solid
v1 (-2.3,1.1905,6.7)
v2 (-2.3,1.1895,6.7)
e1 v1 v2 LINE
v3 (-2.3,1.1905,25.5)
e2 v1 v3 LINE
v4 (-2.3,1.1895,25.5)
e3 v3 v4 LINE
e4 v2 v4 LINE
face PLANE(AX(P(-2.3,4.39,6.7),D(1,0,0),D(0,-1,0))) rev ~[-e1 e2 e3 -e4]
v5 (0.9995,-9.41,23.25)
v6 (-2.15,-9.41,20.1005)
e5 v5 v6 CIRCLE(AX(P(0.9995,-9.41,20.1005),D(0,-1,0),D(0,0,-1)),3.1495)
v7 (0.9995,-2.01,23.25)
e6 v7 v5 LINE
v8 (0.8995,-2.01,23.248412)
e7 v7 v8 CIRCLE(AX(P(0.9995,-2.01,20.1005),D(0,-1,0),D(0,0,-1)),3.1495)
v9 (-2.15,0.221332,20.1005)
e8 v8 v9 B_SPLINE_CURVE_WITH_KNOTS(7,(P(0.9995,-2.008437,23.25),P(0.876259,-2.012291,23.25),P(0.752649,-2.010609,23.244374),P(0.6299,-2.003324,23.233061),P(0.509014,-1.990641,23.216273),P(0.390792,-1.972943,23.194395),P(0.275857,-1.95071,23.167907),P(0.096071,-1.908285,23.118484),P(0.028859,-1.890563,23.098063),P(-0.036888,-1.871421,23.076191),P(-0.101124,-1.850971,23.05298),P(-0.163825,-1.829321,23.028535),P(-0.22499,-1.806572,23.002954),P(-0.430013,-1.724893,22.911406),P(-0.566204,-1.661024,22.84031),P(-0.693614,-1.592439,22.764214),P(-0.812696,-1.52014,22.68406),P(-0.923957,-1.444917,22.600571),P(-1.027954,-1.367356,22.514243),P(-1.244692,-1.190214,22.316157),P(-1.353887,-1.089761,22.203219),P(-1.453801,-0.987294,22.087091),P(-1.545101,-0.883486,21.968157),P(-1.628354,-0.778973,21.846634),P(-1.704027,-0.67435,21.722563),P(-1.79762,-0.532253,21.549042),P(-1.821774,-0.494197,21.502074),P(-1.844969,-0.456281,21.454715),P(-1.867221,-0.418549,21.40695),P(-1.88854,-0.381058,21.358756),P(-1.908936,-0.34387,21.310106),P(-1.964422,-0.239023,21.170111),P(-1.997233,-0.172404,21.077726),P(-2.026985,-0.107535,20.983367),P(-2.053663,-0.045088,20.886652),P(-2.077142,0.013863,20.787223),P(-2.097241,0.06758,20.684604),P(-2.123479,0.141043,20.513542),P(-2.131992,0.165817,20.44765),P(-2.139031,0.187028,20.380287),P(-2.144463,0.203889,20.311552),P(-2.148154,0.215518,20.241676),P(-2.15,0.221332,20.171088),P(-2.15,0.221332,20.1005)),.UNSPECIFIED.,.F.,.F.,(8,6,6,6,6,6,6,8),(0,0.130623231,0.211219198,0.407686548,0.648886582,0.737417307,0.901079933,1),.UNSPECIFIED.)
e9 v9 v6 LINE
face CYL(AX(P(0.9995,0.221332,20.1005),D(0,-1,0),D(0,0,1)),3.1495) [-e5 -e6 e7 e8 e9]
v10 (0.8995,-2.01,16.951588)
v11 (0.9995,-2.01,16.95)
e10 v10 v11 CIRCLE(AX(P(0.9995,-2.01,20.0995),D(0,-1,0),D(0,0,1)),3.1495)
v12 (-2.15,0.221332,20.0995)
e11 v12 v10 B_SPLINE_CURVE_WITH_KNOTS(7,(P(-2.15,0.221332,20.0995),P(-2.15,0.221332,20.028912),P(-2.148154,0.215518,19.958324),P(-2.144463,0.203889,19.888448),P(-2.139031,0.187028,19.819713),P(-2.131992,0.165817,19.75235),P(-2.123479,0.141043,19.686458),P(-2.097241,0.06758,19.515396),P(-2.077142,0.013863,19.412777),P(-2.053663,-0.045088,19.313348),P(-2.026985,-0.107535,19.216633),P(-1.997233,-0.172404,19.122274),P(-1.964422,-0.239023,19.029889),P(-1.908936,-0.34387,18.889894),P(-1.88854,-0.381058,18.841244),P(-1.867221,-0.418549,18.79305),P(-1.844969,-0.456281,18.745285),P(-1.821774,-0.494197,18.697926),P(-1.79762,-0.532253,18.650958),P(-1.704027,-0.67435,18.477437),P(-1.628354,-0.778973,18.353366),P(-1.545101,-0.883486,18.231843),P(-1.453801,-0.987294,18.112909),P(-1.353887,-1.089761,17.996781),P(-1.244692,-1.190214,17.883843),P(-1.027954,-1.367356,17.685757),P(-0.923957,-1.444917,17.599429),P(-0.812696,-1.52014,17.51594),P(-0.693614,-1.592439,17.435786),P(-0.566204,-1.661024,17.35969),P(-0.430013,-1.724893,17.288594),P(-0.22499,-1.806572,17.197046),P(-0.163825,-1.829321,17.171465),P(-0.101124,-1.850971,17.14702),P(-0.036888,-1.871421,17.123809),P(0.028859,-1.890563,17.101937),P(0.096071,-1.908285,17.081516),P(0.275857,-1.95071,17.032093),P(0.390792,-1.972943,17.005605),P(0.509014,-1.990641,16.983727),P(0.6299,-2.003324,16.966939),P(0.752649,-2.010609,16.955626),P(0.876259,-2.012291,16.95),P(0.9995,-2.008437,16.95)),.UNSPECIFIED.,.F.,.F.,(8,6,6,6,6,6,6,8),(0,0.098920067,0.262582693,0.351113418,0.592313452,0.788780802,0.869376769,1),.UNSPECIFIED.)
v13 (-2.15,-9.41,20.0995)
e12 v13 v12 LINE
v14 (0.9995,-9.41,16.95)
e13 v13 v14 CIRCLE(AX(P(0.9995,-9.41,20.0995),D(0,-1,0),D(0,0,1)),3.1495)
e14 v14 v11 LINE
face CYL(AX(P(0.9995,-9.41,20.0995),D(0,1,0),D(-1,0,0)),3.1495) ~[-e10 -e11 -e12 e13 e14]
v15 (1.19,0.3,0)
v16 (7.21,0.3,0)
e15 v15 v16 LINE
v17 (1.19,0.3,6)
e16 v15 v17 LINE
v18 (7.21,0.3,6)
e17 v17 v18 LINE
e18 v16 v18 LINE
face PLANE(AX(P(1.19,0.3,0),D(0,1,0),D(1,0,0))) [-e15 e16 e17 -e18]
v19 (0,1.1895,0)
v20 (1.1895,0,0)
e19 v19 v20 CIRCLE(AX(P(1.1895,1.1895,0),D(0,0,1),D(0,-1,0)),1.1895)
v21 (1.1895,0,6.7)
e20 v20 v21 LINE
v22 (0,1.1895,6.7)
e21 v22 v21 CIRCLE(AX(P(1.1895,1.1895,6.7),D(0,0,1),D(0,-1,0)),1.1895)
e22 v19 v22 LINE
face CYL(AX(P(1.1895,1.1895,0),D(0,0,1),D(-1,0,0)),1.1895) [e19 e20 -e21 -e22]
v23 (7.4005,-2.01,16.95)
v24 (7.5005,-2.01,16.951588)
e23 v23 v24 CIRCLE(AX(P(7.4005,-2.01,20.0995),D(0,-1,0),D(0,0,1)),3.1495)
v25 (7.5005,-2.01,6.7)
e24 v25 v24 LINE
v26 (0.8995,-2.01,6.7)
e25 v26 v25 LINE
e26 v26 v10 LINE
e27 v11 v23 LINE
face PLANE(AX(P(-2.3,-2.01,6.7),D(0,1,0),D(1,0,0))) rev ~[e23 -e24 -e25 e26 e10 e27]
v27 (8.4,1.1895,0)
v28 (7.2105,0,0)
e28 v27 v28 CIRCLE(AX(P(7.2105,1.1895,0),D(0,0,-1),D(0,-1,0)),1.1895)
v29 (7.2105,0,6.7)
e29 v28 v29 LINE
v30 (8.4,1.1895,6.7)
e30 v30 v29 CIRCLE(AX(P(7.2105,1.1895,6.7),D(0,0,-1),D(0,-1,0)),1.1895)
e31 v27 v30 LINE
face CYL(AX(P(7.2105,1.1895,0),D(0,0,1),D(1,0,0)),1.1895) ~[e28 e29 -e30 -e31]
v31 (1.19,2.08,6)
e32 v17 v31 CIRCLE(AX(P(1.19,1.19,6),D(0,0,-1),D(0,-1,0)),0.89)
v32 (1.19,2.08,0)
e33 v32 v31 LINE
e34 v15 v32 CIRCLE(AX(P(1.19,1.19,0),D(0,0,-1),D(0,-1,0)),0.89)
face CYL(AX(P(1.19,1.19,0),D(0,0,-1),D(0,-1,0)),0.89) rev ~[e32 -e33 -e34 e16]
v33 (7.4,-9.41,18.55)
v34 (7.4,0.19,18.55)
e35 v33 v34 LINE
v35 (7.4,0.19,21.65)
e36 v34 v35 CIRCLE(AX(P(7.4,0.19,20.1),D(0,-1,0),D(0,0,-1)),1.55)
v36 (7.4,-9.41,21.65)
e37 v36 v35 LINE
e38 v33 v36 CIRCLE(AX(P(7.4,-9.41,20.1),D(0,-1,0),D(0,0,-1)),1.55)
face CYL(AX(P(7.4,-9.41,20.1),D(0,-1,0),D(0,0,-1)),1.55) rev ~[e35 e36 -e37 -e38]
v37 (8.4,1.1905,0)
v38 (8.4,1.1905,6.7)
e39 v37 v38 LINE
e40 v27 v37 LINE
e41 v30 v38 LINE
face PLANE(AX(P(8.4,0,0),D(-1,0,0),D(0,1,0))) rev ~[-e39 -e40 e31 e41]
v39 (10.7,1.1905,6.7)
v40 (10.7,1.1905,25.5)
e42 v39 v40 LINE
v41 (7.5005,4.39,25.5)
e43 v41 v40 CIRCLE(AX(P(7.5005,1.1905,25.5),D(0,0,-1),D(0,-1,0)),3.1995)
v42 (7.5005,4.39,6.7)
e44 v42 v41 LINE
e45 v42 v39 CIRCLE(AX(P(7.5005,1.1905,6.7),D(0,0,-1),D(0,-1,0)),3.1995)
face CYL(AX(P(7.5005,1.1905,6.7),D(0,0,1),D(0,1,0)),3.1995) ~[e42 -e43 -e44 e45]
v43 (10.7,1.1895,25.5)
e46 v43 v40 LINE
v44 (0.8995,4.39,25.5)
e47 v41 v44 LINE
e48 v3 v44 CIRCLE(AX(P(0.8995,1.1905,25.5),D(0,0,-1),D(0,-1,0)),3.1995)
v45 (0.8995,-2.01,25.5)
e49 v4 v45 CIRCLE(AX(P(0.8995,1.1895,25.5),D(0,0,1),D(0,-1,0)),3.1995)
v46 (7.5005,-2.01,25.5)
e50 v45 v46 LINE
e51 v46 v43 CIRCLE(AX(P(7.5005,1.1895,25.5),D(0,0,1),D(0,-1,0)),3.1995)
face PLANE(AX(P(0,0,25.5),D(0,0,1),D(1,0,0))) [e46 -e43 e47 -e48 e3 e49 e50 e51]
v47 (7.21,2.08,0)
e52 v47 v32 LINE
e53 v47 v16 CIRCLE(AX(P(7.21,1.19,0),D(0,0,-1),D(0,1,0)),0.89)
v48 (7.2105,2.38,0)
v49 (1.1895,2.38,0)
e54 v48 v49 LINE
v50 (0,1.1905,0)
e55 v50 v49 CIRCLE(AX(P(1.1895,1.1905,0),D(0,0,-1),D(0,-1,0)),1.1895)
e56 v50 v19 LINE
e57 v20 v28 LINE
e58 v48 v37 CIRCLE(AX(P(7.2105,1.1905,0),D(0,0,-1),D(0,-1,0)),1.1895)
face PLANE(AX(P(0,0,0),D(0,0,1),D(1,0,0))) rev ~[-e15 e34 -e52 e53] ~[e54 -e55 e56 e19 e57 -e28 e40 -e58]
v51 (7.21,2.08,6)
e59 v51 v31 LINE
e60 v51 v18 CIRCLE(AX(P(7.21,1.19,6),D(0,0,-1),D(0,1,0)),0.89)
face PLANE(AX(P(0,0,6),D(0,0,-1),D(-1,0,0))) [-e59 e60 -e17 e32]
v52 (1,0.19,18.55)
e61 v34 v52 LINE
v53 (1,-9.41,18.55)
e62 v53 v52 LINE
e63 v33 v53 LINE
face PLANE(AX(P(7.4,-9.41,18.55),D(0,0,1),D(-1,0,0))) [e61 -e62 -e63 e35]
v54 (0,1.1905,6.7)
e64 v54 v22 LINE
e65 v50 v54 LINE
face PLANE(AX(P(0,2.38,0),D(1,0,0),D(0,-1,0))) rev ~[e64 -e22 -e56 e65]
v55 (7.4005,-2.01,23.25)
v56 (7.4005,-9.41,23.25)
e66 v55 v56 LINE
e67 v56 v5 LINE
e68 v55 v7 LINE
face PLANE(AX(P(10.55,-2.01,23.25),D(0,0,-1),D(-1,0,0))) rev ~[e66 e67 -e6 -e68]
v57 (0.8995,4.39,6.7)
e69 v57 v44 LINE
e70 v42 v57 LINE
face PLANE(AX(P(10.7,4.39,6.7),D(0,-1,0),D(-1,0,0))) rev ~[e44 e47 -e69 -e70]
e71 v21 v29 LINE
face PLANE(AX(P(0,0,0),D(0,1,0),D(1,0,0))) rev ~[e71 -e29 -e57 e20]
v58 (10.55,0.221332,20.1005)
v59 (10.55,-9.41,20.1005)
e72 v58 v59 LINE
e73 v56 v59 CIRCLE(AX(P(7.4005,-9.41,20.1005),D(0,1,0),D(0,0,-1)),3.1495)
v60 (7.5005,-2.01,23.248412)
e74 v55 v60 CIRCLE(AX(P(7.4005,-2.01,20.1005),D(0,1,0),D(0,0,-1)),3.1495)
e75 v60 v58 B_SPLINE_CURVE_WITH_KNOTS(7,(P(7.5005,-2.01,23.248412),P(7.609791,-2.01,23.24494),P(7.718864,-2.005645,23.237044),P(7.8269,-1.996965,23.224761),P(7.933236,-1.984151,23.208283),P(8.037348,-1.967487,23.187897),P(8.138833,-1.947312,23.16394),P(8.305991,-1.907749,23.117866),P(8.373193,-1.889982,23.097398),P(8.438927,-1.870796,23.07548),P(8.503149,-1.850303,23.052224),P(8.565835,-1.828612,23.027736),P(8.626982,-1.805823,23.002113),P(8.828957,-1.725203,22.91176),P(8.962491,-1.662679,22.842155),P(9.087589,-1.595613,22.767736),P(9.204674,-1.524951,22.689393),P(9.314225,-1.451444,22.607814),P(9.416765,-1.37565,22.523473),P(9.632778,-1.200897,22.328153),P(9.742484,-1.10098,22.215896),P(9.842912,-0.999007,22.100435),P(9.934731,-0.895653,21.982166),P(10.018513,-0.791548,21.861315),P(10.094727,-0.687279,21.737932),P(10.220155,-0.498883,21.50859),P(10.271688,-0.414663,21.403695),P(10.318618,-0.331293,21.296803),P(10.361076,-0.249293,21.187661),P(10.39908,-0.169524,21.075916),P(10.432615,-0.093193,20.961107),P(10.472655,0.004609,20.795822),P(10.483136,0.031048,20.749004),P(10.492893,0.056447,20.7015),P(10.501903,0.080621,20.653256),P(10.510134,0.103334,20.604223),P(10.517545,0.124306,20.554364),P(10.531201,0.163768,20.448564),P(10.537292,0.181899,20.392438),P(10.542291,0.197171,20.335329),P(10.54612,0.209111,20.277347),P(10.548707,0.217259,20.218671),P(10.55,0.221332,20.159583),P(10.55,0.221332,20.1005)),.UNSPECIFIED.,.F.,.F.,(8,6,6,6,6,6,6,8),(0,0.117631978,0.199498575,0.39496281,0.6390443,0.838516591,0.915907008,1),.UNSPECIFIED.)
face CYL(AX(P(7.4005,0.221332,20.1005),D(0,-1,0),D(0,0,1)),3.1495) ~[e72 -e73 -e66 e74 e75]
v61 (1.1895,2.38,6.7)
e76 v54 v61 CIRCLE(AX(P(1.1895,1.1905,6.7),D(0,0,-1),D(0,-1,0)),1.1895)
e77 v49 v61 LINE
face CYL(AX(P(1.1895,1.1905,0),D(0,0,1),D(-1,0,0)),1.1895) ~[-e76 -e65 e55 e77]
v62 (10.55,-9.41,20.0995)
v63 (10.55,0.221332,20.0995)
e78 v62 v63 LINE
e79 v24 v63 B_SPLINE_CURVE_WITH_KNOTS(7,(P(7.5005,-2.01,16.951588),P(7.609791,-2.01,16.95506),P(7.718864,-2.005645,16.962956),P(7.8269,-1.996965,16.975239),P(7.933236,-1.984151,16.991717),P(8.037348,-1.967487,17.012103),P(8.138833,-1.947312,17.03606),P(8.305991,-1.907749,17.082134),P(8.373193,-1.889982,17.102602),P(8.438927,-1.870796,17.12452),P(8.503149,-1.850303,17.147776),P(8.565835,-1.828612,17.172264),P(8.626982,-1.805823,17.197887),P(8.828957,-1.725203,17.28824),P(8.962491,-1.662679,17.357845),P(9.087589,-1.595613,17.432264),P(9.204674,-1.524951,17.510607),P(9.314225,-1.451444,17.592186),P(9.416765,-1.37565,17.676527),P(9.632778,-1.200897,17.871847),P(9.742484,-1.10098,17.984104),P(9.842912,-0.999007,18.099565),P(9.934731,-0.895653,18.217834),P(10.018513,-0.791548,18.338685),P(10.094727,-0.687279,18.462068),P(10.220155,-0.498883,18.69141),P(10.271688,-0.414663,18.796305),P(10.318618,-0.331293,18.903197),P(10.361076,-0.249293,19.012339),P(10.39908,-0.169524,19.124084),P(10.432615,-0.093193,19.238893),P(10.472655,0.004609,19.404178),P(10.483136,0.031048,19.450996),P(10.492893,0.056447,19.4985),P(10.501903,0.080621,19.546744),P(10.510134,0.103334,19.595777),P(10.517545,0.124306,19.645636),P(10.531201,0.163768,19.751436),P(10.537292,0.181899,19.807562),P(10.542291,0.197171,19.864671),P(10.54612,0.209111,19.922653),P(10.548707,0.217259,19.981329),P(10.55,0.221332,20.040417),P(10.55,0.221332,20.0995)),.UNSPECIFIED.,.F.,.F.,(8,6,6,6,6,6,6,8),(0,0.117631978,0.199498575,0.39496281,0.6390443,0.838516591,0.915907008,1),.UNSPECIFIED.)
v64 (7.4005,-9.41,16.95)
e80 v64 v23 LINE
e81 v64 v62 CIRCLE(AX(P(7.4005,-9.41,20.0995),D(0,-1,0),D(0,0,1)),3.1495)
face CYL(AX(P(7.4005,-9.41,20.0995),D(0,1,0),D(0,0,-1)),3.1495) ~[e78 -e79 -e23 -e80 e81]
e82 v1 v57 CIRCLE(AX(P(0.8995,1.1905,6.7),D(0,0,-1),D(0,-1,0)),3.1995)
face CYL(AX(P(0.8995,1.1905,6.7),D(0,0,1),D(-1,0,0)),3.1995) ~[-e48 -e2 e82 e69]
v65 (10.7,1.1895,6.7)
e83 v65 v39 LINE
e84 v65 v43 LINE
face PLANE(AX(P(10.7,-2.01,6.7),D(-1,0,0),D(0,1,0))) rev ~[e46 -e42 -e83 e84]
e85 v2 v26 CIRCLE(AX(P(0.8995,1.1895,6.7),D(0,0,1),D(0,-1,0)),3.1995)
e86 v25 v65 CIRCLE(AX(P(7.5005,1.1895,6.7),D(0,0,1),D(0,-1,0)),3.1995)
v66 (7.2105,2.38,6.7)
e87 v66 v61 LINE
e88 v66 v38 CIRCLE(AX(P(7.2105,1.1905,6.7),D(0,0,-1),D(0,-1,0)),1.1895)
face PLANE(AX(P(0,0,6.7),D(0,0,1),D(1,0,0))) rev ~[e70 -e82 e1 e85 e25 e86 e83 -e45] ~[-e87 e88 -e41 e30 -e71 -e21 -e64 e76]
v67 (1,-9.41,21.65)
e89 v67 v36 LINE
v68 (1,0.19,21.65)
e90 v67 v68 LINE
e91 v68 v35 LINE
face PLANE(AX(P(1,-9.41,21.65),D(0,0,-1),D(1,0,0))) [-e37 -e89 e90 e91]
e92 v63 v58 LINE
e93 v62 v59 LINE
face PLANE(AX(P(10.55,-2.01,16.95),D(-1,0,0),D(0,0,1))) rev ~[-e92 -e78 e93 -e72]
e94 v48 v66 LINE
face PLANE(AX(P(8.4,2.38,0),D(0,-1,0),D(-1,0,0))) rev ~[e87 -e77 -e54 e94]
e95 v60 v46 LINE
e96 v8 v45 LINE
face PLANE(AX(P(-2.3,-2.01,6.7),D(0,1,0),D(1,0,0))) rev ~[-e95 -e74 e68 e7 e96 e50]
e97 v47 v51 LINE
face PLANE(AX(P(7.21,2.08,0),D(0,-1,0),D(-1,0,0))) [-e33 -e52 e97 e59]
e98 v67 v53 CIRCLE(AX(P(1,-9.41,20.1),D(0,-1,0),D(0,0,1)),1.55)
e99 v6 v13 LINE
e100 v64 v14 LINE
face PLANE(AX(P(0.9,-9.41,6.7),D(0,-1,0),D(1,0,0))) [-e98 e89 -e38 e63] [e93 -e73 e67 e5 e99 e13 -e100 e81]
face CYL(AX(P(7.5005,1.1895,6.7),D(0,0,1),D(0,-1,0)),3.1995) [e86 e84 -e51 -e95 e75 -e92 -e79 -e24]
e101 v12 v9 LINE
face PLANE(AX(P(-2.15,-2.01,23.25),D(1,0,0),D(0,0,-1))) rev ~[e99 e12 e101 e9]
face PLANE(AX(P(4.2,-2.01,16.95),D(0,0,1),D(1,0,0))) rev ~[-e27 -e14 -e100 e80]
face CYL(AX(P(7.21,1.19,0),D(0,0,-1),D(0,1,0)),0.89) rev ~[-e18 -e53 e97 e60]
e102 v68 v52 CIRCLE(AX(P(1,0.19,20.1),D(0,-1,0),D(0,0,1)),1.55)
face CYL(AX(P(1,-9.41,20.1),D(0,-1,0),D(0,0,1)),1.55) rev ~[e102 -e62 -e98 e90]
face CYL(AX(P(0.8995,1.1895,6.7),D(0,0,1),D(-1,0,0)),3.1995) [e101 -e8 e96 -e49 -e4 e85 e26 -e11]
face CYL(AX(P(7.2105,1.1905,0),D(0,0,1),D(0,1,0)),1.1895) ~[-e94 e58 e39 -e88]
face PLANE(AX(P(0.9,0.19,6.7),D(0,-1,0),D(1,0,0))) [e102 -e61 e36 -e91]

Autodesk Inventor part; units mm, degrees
ref_plane "YZ Plane" through (0, 0, 0) normal (1, 0, 0) x (0, 1, 0)
ref_plane "XZ Plane" through (0, 0, 0) normal (0, 1, 0) x (-1, 0, 0)
ref_plane "XY Plane" through (0, 0, 0) normal (0, 0, 1) x (1, 0, 0)
sketch "스케치1" plane through (0, 0, 0) normal (0, 0, 1) x (1, 0, 0)
  line L0 (0, 0) -> (8.4, 0)
  line L1 (8.4, 0) -> (8.4, 2.38)
  line L2 (8.4, 2.38) -> (0, 2.38)
  line L3 (0, 2.38) -> (0, 0)
  dimension "d0" = 8.4
  dimension "d1" = 2.38
extrude "돌출1" add sketch "스케치1" along normal blind 6.7
fillet "모깎기1" radius 1.19 4 edges at (8.4, 2.38, 3.35) (8.4, 0, 3.35) (0, 2.38, 3.35) (0, 0, 3.35)
sketch "스케치2" plane through (0, 0, 0) normal (0, 0, -1) x (-1, 0, 0)
  arc A0 (-7.21, 2.38) -> (-7.21, 0) centre (-7.21, 1.19) ccw projected
  arc A1 (-1.19, 0) -> (-1.19, 2.38) centre (-1.19, 1.19) ccw projected
  line L0 (-7.21, 2.38) -> (-1.19, 2.38) projected
  arc A2 (-7.21, 2.38) -> (-7.21, 0) centre (-7.21, 1.19) ccw projected
  line L1 (-1.19, 0) -> (-7.21, 0) projected
  arc A3 (-1.19, 0.3) -> (-1.19, 2.08) centre (-1.19, 1.19) ccw
  line L2 (-1.19, 0.3) -> (-7.21, 0.3)
  arc A4 (-7.21, 2.08) -> (-7.21, 0.3) centre (-7.21, 1.19) ccw
  line L3 (-7.21, 2.08) -> (-1.19, 2.08)
  point P0 (0, 0)
  dimension "d5" = 0.3
extrude "돌출2" cut sketch "스케치2" against normal blind 6 contours L2 A4 L3 A3
sketch "스케치3" plane through (0, 0, 6.7) normal (0, 0, 1) x (1, 0, 0)
  line L0 (7.21, 2.38) -> (1.19, 2.38) projected
  line L1 (4.2, 2.38) -> (4.2, 0)
  line L2 (1.19, 0) -> (7.21, 0) projected
  line L3 (4.2, 1.19) -> (0, 1.19)
  arc A0 (1.19, 2.38) -> (1.19, 0) centre (1.19, 1.19) ccw projected
  line L4 (4.2, 1.19) -> (8.4, 1.19)
  arc A1 (7.21, 0) -> (7.21, 2.38) centre (7.21, 1.19) ccw projected
  line L5 (-2.3, -2.01) -> (10.7, -2.01)
  line L6 (10.7, -2.01) -> (10.7, 4.39)
  line L7 (10.7, 4.39) -> (-2.3, 4.39)
  line L8 (-2.3, 4.39) -> (-2.3, -2.01)
  line L9 (-2.3, -2.01) -> (10.7, 4.39) construction
  line L10 (10.7, -2.01) -> (-2.3, 4.39) construction
  line L11 (-2.3, -2.01) -> (10.7, -2.01) construction
  point P0 (0, 0)
  dimension "d8" = 13
  dimension "d9" = 0
  dimension "d10" = 6.4
extrude "돌출3" add sketch "스케치3" along normal blind 18.8 contours A1 L4 L1 L0 | L1 L3 A0 L0 | A1 L2 L1 L4 | L1 L2 A0 L3 | L8 L7 L6 L5
fillet "모깎기2" radius 3.2 4 edges at (10.7, 4.39, 16.1) (10.7, -2.01, 16.1) (-2.3, 4.39, 16.1) (-2.3, -2.01, 16.1)
sketch "스케치4" plane through (0.9, -2.01, 6.7) normal (0, -1, 0) x (1, 0, 0)
  line L0 (0.29, 0) -> (6.31, 0) projected
  line L1 (3.3, 0) -> (3.3, 13.4)
  line L2 (3.3, 0) -> (16.7, 0) construction
  line L3 (9.65, 16.55) -> (-3.05, 16.55)
  line L4 (-3.05, 16.55) -> (-3.05, 10.25)
  line L5 (-3.05, 10.25) -> (9.65, 10.25)
  line L6 (9.65, 10.25) -> (9.65, 16.55)
  line L7 (9.65, 16.55) -> (-3.05, 10.25) construction
  line L8 (-3.05, 16.55) -> (9.65, 10.25) construction
  line L9 (9.65, 16.55) -> (22.35, 16.55) construction
  point P0 (-0.9, -6.7)
  dimension "d14" = 13.4
  dimension "d15" = 90
  dimension "d16" = 12.7
  dimension "d17" = 180
  dimension "d18" = 6.3
extrude "돌출4" add sketch "스케치4" along normal blind 7.4 and the other way blind 3
fillet "모깎기3" radius 3.15 4 edges at (10.55, -4.5943, 16.95) (10.55, -4.5943, 23.25) (-2.15, -4.5943, 16.95) (-2.15, -4.5943, 23.25)
sketch "스케치5" plane through (0.9, -9.41, 6.7) normal (0, -1, 0) x (1, 0, 0)
  arc A0 (0.1, 16.55) -> (0.1, 10.25) centre (0.1, 13.4) ccw projected
  line L0 (0.1, 10.25) -> (6.5, 10.25) projected
  arc A1 (6.5, 10.25) -> (6.5, 16.55) centre (6.5, 13.4) ccw projected
  line L1 (6.5, 16.55) -> (0.1, 16.55) projected
  line L2 (6.5, 11.85) -> (0.1, 11.85)
  arc A2 (0.1, 14.95) -> (0.1, 11.85) centre (0.1, 13.4) ccw
  line L3 (0.1, 14.95) -> (6.5, 14.95)
  arc A3 (6.5, 11.85) -> (6.5, 14.95) centre (6.5, 13.4) ccw
  point P0 (-0.9, -6.7)
  dimension "d24" = 1.6
extrude "돌출5" cut sketch "스케치5" against normal blind 9.6 contours L2 A2 L3 A3
properties part number "usb_connect"
